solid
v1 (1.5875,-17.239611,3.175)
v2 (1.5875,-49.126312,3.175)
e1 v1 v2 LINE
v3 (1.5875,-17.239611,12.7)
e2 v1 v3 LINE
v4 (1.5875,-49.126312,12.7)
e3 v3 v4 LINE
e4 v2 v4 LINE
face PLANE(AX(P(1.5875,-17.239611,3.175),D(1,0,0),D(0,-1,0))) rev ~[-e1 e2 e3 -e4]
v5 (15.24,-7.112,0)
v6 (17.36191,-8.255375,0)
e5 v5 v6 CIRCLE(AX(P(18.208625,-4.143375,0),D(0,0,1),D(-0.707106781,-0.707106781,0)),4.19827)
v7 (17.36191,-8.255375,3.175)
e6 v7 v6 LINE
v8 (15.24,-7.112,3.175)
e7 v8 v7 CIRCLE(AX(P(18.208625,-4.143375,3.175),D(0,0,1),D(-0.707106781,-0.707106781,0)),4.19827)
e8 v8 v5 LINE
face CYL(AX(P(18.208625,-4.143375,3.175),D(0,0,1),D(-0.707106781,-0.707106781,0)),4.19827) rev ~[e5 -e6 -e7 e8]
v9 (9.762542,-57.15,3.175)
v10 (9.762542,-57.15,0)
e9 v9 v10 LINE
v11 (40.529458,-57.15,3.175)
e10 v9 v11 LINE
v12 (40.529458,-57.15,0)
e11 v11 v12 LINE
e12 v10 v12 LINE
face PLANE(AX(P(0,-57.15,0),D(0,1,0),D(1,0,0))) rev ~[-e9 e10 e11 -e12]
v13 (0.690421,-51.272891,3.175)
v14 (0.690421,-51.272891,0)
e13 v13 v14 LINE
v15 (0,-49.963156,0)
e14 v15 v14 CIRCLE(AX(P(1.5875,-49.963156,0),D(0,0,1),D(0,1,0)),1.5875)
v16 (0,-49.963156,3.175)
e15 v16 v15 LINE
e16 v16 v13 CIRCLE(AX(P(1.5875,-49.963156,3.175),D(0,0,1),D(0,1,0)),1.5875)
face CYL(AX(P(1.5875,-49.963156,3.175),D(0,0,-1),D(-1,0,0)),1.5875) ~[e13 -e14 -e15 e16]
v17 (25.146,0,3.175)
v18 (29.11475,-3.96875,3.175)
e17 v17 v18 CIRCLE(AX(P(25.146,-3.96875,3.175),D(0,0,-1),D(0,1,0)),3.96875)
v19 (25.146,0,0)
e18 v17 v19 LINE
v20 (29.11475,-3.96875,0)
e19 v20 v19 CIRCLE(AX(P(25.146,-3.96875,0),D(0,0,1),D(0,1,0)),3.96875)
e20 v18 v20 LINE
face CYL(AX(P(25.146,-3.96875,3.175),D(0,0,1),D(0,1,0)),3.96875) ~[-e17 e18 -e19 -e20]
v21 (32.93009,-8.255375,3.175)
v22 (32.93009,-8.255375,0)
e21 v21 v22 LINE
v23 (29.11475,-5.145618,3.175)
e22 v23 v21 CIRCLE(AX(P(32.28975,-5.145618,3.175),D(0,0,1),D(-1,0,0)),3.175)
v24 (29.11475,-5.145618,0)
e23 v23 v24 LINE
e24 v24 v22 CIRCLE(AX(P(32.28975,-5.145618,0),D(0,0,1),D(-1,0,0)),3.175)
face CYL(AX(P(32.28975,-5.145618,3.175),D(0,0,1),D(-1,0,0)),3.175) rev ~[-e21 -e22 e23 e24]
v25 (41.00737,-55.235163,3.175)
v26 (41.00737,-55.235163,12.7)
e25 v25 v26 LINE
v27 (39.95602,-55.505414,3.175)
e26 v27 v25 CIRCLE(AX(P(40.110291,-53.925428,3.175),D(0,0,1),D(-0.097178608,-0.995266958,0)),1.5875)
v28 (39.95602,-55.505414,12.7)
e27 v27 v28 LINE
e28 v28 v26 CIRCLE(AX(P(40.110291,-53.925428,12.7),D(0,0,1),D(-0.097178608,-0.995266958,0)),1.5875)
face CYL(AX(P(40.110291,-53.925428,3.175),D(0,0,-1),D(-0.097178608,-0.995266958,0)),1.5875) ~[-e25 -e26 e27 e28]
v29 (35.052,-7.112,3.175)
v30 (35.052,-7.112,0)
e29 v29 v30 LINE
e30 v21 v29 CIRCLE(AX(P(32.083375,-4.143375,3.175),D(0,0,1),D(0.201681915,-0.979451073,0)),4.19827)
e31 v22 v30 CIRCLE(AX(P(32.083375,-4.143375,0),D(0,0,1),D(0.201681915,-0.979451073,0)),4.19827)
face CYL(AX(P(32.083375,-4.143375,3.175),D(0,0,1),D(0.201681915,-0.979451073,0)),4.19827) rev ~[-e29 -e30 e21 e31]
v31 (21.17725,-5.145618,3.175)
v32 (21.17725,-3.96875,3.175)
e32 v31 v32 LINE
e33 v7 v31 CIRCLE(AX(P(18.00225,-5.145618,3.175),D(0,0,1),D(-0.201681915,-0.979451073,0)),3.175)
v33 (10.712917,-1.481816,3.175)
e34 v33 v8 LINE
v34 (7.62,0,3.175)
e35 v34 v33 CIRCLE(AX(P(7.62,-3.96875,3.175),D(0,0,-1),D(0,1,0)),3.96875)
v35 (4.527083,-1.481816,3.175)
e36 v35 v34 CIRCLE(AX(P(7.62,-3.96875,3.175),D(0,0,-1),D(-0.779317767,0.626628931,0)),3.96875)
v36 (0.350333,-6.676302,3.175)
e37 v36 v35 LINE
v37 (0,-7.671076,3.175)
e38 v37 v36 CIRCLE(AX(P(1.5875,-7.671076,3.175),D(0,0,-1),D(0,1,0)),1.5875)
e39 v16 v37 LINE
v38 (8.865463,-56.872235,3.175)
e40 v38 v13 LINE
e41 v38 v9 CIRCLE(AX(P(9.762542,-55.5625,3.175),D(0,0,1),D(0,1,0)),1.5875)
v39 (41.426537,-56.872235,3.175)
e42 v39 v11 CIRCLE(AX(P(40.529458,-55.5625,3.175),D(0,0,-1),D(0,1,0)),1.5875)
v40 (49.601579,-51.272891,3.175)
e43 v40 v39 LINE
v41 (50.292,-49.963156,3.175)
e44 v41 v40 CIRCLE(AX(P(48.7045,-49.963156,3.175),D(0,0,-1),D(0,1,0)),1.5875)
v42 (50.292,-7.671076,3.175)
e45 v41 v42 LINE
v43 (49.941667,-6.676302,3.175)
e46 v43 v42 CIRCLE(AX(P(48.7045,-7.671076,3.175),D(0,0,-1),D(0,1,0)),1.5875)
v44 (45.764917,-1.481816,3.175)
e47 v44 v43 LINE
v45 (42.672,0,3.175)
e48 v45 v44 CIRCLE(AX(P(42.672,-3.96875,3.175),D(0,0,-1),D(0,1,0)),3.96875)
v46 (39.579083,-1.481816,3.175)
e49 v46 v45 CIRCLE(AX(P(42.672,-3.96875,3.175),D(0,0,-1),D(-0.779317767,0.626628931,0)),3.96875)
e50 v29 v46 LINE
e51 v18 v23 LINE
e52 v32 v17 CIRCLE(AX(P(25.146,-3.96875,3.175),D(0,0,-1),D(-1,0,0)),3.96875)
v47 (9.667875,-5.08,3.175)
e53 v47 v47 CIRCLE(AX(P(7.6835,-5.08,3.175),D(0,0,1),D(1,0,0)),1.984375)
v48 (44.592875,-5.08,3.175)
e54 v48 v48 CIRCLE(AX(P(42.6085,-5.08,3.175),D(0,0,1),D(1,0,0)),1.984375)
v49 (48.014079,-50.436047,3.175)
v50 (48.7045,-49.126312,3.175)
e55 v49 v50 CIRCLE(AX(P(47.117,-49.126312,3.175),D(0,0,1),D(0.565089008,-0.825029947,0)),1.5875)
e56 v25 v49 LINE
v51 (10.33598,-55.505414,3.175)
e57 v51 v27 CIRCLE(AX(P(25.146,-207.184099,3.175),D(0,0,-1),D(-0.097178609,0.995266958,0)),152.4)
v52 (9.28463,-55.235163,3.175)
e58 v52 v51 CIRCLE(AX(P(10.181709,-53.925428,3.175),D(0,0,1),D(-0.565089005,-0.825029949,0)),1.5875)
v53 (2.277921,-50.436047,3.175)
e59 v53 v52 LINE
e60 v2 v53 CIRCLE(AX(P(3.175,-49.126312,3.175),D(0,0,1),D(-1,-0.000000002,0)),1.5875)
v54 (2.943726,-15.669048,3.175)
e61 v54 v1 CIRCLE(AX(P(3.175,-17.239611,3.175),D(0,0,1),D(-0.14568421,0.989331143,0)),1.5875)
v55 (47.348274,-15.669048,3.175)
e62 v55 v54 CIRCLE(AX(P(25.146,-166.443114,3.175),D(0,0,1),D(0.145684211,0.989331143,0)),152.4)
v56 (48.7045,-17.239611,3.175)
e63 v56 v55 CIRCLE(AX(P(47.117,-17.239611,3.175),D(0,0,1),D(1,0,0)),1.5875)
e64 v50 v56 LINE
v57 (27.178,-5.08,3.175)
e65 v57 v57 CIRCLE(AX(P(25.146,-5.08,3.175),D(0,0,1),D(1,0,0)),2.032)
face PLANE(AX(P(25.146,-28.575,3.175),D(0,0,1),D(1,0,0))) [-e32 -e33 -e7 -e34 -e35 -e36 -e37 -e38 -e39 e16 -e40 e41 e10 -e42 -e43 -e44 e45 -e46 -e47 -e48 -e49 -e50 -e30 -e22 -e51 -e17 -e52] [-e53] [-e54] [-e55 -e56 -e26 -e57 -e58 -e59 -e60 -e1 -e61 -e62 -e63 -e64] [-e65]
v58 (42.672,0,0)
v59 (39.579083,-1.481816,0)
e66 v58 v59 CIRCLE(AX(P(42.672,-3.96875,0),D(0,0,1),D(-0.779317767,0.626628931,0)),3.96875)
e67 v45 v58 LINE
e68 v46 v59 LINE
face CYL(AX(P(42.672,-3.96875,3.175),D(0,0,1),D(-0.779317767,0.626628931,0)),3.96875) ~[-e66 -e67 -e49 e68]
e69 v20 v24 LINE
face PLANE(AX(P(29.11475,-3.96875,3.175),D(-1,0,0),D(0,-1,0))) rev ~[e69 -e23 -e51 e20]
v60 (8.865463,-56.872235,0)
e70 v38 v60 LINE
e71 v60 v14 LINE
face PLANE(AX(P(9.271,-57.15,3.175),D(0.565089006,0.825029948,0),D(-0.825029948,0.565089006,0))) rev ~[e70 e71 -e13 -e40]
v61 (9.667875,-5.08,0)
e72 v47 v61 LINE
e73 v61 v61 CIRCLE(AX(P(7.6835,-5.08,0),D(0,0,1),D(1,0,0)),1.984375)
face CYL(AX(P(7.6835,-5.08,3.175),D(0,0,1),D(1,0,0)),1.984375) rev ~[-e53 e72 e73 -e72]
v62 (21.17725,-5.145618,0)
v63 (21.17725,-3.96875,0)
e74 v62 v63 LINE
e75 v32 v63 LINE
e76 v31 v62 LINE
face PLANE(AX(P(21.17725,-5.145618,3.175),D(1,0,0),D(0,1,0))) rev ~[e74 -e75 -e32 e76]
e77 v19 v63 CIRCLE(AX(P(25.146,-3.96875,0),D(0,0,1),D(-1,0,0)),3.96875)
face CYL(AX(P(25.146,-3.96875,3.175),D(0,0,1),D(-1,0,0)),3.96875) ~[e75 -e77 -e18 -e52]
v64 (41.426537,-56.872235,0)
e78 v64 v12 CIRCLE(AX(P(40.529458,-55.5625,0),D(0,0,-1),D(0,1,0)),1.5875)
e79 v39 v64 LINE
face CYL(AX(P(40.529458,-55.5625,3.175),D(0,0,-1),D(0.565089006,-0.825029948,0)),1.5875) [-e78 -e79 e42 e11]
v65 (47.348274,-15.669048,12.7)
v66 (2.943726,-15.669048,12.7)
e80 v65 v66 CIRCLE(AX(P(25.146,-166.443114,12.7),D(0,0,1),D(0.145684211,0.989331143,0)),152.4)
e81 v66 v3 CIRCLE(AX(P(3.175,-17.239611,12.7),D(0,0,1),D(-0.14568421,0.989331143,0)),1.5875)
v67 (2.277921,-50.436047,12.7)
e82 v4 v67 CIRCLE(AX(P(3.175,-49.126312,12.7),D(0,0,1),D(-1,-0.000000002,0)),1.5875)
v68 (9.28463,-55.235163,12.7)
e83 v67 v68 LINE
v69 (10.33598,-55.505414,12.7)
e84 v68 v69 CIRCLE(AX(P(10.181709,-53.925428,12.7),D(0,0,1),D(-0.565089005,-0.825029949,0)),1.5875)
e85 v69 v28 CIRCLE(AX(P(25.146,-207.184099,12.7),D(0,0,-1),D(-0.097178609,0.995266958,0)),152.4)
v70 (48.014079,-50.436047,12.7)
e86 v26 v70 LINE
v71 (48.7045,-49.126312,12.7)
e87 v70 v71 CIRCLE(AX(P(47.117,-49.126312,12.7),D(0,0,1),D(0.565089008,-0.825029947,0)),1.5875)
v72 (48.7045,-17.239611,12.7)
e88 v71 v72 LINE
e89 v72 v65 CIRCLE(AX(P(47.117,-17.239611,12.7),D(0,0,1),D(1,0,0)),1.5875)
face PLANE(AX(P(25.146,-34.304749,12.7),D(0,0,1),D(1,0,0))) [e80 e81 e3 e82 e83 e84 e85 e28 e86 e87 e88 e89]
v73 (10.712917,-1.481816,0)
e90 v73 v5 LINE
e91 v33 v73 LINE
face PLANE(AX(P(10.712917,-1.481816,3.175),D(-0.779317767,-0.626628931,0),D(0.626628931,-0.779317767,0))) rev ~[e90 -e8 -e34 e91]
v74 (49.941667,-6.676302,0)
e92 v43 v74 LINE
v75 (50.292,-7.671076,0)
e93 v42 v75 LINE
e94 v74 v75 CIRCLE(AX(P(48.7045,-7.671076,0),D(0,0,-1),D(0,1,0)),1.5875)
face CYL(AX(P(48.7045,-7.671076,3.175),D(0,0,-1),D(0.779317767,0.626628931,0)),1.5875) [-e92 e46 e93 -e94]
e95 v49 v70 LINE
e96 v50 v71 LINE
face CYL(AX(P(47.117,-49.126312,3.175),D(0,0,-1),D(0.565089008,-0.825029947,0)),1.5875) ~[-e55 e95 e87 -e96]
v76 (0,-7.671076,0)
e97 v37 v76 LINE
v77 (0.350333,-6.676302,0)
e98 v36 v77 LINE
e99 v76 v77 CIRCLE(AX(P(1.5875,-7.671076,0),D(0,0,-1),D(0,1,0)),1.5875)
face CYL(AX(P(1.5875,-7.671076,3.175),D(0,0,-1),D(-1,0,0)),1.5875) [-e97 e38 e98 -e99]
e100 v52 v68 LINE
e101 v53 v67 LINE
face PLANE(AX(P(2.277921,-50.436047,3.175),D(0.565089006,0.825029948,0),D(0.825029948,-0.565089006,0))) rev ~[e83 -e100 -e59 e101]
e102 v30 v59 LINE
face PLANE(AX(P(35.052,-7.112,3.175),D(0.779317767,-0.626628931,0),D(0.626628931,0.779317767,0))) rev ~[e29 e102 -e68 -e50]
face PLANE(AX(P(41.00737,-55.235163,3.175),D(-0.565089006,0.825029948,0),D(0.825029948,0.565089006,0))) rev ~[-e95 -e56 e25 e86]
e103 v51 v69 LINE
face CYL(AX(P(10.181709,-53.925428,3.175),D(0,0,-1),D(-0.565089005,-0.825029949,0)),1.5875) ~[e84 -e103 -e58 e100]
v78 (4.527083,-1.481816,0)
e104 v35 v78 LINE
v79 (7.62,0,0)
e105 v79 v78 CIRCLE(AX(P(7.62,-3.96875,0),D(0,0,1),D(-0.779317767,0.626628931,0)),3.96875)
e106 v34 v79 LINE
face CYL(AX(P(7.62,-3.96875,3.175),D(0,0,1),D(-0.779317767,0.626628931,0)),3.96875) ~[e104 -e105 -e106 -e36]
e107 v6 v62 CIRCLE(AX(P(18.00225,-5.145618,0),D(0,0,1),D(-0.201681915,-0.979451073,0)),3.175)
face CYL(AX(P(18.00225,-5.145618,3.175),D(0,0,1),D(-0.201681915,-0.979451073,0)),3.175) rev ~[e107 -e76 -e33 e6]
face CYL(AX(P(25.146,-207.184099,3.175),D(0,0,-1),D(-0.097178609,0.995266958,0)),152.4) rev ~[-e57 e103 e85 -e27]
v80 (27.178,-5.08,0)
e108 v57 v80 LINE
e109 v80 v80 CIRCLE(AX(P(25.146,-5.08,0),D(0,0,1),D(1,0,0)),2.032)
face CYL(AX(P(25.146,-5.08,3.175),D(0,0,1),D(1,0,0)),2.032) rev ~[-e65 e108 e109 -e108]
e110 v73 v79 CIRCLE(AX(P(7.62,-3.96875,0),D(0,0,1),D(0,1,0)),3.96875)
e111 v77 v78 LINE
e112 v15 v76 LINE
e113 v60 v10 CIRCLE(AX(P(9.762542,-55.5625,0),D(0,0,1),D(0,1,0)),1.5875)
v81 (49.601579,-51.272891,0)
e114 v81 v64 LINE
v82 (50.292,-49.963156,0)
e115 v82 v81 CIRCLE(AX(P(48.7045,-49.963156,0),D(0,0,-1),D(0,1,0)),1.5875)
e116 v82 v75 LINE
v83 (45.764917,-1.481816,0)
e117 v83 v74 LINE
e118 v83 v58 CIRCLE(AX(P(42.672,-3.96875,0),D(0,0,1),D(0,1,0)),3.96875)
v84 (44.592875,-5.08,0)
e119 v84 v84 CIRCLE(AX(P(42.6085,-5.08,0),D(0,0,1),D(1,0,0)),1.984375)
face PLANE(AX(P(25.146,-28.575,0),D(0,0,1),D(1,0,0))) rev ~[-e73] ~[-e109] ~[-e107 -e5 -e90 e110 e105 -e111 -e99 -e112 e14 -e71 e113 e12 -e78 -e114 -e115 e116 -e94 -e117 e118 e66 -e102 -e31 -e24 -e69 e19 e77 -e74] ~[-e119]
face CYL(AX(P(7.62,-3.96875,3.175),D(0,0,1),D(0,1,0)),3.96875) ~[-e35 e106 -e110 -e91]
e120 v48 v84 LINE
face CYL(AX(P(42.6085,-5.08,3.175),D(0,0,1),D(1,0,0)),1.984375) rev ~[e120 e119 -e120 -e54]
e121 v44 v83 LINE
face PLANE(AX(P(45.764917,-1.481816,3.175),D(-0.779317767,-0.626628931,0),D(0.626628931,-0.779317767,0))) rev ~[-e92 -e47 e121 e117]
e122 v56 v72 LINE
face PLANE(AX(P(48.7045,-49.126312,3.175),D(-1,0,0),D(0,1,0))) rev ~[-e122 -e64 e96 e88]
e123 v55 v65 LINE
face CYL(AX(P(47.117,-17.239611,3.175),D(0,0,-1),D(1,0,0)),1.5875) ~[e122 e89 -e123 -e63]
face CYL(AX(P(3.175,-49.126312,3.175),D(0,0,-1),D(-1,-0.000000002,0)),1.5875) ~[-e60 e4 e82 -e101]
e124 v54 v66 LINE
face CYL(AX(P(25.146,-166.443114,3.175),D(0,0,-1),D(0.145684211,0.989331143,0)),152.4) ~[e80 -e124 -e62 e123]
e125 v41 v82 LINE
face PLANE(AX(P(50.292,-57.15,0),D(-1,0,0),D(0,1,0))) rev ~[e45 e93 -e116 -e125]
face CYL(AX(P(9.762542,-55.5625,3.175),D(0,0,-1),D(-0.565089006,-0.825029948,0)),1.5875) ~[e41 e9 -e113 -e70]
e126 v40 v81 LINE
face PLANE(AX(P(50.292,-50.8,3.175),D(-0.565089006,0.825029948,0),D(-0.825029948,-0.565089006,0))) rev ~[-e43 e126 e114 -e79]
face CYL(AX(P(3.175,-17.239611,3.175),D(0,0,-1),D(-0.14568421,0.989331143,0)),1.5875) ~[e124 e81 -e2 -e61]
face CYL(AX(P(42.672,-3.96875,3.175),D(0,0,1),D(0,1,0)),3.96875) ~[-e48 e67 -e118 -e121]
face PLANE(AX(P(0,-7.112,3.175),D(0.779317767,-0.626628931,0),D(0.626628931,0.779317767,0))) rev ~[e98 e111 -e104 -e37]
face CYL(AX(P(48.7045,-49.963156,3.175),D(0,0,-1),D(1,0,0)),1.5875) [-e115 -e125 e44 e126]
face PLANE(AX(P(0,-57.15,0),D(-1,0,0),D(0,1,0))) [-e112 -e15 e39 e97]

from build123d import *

# Parameters (mm, degrees)
SKETCH1_W           = 50.292
SKETCH1_H           = 57.15
BOSS_EXTRUDE1_DEPTH = 3.175
SKETCH3_R           = 2.032
SKETCH3_R_2         = 1.984375
CUT_EXTRUDE1_DEPTH  = 4.175
CUT_EXTRUDE2_DEPTH  = 4.175
FILLET1_R           = 1.5875
BOSS_EXTRUDE2_DEPTH = 9.525


with BuildPart() as part:
    # Sketch1 → Boss-Extrude1 (new body)
    with BuildSketch(Plane.XY):
        with Locations((25.146, -28.575)):
            Rectangle(SKETCH1_W, SKETCH1_H)
    extrude(amount=BOSS_EXTRUDE1_DEPTH)

    # Sketch3 → Cut-Extrude1 (cut, through all)
    with BuildSketch(Plane.XY.offset(3.175)):
        with Locations((25.146, -5.08)):
            Circle(SKETCH3_R)
        with Locations((42.6085, -5.08)):
            Circle(SKETCH3_R_2)
        with Locations((7.6835, -5.08)):
            Circle(SKETCH3_R_2)
        Polygon((0, -57.15), (9.271, -57.15), (0, -50.8), align=None)
        Polygon((50.292, -50.8), (41.021, -57.15), (50.292, -57.15), align=None)
    extrude(amount=-CUT_EXTRUDE1_DEPTH, mode=Mode.SUBTRACT)

    # Sketch4 → Cut-Extrude2 (cut, through all)
    with BuildSketch(Plane.XY.offset(3.175)):
        with BuildLine():
            Line((21.17725, -5.145617642), (21.17725, -3.96875))
            ThreePointArc((21.17725, -3.96875), (22.339669962, -1.162419962), (25.146, 0))
            Line((25.146, 0), (7.62, 0))
            ThreePointArc((7.62, 0), (9.334782633, -0.389574524), (10.71291739, -1.481816429))
            Line((10.71291739, -1.481816429), (15.24, -7.112))
            ThreePointArc((15.24, -7.112), (16.21713524, -7.8392426), (17.36190992, -8.2553748))
            ThreePointArc((17.36190992, -8.2553748), (20.008184352, -7.606684967), (21.17725, -5.145617642))
        make_face()
        with BuildLine():
            Line((42.672, 0), (25.146, 0))
            ThreePointArc((25.146, 0), (27.952330038, -1.162419962), (29.11475, -3.96875))
            Line((29.11475, -3.96875), (29.11475, -5.145617642))
            ThreePointArc((29.11475, -5.145617642), (30.283815648, -7.606684967), (32.93009008, -8.2553748))
            ThreePointArc((32.93009008, -8.2553748), (34.07486476, -7.8392426), (35.052, -7.112))
            Line((35.052, -7.112), (39.57908261, -1.481816429))
            ThreePointArc((39.57908261, -1.481816429), (40.957217367, -0.389574524), (42.672, 0))
        make_face()
        with BuildLine():
            Line((50.292, 0), (42.672, 0))
            ThreePointArc((42.672, 0), (44.386782633, -0.389574524), (45.76491739, -1.481816429))
            Line((45.76491739, -1.481816429), (50.292, -7.112))
            Line((50.292, -7.112), (50.292, 0))
        make_face()
        with BuildLine():
            ThreePointArc((4.52708261, -1.481816429), (5.905217367, -0.389574524), (7.62, 0))
            Line((7.62, 0), (0, 0))
            Line((0, 0), (0, -7.112))
            Line((0, -7.112), (4.52708261, -1.481816429))
        make_face()
    extrude(amount=-CUT_EXTRUDE2_DEPTH, mode=Mode.SUBTRACT)

    # Fillet1
    fillet1_edges = [part.edges().sort_by_distance(p)[0] for p in [
        (0, -7.112, 1.5875),
        (0, -50.8, 1.5875),
        (9.271, -57.15, 1.5875),
        (41.021, -57.15, 1.5875),
        (50.292, -50.8, 1.5875),
        (50.292, -7.112, 1.5875),
    ]]
    fillet(fillet1_edges, radius=FILLET1_R)

    # Sketch6 → Boss-Extrude2 (add)
    with BuildSketch(Plane.XY.offset(3.175)):
        with BuildLine():
            Line((1.5875, -17.239611386), (1.5875, -49.126312385))
            ThreePointArc((1.5875, -49.126312385), (1.770672966, -49.86659735), (2.277921203, -50.436047428))
            Line((2.277921203, -50.436047428), (9.284630112, -55.235163118))
            ThreePointArc((9.284630112, -55.235163118), (9.786487736, -55.462944408), (10.33597995, -55.505414371))
            ThreePointArc((10.33597995, -55.505414371), (25.146, -54.784098787), (39.95602005, -55.505414371))
            ThreePointArc((39.95602005, -55.505414371), (40.505512264, -55.462944408), (41.007369888, -55.235163118))
            Line((41.007369888, -55.235163118), (48.014078797, -50.436047428))
            ThreePointArc((48.014078797, -50.436047428), (48.521327034, -49.86659735), (48.7045, -49.126312385))
            Line((48.7045, -49.126312385), (48.7045, -17.239611386))
            ThreePointArc((48.7045, -17.239611386), (48.318520542, -16.202063972), (47.348273684, -15.669048197))
            ThreePointArc((47.348273684, -15.669048197), (25.146, -14.043114413), (2.943726316, -15.669048197))
            ThreePointArc((2.943726316, -15.669048197), (1.973479458, -16.202063972), (1.5875, -17.239611386))
        make_face()
    extrude(amount=BOSS_EXTRUDE2_DEPTH)


solid = part.part
